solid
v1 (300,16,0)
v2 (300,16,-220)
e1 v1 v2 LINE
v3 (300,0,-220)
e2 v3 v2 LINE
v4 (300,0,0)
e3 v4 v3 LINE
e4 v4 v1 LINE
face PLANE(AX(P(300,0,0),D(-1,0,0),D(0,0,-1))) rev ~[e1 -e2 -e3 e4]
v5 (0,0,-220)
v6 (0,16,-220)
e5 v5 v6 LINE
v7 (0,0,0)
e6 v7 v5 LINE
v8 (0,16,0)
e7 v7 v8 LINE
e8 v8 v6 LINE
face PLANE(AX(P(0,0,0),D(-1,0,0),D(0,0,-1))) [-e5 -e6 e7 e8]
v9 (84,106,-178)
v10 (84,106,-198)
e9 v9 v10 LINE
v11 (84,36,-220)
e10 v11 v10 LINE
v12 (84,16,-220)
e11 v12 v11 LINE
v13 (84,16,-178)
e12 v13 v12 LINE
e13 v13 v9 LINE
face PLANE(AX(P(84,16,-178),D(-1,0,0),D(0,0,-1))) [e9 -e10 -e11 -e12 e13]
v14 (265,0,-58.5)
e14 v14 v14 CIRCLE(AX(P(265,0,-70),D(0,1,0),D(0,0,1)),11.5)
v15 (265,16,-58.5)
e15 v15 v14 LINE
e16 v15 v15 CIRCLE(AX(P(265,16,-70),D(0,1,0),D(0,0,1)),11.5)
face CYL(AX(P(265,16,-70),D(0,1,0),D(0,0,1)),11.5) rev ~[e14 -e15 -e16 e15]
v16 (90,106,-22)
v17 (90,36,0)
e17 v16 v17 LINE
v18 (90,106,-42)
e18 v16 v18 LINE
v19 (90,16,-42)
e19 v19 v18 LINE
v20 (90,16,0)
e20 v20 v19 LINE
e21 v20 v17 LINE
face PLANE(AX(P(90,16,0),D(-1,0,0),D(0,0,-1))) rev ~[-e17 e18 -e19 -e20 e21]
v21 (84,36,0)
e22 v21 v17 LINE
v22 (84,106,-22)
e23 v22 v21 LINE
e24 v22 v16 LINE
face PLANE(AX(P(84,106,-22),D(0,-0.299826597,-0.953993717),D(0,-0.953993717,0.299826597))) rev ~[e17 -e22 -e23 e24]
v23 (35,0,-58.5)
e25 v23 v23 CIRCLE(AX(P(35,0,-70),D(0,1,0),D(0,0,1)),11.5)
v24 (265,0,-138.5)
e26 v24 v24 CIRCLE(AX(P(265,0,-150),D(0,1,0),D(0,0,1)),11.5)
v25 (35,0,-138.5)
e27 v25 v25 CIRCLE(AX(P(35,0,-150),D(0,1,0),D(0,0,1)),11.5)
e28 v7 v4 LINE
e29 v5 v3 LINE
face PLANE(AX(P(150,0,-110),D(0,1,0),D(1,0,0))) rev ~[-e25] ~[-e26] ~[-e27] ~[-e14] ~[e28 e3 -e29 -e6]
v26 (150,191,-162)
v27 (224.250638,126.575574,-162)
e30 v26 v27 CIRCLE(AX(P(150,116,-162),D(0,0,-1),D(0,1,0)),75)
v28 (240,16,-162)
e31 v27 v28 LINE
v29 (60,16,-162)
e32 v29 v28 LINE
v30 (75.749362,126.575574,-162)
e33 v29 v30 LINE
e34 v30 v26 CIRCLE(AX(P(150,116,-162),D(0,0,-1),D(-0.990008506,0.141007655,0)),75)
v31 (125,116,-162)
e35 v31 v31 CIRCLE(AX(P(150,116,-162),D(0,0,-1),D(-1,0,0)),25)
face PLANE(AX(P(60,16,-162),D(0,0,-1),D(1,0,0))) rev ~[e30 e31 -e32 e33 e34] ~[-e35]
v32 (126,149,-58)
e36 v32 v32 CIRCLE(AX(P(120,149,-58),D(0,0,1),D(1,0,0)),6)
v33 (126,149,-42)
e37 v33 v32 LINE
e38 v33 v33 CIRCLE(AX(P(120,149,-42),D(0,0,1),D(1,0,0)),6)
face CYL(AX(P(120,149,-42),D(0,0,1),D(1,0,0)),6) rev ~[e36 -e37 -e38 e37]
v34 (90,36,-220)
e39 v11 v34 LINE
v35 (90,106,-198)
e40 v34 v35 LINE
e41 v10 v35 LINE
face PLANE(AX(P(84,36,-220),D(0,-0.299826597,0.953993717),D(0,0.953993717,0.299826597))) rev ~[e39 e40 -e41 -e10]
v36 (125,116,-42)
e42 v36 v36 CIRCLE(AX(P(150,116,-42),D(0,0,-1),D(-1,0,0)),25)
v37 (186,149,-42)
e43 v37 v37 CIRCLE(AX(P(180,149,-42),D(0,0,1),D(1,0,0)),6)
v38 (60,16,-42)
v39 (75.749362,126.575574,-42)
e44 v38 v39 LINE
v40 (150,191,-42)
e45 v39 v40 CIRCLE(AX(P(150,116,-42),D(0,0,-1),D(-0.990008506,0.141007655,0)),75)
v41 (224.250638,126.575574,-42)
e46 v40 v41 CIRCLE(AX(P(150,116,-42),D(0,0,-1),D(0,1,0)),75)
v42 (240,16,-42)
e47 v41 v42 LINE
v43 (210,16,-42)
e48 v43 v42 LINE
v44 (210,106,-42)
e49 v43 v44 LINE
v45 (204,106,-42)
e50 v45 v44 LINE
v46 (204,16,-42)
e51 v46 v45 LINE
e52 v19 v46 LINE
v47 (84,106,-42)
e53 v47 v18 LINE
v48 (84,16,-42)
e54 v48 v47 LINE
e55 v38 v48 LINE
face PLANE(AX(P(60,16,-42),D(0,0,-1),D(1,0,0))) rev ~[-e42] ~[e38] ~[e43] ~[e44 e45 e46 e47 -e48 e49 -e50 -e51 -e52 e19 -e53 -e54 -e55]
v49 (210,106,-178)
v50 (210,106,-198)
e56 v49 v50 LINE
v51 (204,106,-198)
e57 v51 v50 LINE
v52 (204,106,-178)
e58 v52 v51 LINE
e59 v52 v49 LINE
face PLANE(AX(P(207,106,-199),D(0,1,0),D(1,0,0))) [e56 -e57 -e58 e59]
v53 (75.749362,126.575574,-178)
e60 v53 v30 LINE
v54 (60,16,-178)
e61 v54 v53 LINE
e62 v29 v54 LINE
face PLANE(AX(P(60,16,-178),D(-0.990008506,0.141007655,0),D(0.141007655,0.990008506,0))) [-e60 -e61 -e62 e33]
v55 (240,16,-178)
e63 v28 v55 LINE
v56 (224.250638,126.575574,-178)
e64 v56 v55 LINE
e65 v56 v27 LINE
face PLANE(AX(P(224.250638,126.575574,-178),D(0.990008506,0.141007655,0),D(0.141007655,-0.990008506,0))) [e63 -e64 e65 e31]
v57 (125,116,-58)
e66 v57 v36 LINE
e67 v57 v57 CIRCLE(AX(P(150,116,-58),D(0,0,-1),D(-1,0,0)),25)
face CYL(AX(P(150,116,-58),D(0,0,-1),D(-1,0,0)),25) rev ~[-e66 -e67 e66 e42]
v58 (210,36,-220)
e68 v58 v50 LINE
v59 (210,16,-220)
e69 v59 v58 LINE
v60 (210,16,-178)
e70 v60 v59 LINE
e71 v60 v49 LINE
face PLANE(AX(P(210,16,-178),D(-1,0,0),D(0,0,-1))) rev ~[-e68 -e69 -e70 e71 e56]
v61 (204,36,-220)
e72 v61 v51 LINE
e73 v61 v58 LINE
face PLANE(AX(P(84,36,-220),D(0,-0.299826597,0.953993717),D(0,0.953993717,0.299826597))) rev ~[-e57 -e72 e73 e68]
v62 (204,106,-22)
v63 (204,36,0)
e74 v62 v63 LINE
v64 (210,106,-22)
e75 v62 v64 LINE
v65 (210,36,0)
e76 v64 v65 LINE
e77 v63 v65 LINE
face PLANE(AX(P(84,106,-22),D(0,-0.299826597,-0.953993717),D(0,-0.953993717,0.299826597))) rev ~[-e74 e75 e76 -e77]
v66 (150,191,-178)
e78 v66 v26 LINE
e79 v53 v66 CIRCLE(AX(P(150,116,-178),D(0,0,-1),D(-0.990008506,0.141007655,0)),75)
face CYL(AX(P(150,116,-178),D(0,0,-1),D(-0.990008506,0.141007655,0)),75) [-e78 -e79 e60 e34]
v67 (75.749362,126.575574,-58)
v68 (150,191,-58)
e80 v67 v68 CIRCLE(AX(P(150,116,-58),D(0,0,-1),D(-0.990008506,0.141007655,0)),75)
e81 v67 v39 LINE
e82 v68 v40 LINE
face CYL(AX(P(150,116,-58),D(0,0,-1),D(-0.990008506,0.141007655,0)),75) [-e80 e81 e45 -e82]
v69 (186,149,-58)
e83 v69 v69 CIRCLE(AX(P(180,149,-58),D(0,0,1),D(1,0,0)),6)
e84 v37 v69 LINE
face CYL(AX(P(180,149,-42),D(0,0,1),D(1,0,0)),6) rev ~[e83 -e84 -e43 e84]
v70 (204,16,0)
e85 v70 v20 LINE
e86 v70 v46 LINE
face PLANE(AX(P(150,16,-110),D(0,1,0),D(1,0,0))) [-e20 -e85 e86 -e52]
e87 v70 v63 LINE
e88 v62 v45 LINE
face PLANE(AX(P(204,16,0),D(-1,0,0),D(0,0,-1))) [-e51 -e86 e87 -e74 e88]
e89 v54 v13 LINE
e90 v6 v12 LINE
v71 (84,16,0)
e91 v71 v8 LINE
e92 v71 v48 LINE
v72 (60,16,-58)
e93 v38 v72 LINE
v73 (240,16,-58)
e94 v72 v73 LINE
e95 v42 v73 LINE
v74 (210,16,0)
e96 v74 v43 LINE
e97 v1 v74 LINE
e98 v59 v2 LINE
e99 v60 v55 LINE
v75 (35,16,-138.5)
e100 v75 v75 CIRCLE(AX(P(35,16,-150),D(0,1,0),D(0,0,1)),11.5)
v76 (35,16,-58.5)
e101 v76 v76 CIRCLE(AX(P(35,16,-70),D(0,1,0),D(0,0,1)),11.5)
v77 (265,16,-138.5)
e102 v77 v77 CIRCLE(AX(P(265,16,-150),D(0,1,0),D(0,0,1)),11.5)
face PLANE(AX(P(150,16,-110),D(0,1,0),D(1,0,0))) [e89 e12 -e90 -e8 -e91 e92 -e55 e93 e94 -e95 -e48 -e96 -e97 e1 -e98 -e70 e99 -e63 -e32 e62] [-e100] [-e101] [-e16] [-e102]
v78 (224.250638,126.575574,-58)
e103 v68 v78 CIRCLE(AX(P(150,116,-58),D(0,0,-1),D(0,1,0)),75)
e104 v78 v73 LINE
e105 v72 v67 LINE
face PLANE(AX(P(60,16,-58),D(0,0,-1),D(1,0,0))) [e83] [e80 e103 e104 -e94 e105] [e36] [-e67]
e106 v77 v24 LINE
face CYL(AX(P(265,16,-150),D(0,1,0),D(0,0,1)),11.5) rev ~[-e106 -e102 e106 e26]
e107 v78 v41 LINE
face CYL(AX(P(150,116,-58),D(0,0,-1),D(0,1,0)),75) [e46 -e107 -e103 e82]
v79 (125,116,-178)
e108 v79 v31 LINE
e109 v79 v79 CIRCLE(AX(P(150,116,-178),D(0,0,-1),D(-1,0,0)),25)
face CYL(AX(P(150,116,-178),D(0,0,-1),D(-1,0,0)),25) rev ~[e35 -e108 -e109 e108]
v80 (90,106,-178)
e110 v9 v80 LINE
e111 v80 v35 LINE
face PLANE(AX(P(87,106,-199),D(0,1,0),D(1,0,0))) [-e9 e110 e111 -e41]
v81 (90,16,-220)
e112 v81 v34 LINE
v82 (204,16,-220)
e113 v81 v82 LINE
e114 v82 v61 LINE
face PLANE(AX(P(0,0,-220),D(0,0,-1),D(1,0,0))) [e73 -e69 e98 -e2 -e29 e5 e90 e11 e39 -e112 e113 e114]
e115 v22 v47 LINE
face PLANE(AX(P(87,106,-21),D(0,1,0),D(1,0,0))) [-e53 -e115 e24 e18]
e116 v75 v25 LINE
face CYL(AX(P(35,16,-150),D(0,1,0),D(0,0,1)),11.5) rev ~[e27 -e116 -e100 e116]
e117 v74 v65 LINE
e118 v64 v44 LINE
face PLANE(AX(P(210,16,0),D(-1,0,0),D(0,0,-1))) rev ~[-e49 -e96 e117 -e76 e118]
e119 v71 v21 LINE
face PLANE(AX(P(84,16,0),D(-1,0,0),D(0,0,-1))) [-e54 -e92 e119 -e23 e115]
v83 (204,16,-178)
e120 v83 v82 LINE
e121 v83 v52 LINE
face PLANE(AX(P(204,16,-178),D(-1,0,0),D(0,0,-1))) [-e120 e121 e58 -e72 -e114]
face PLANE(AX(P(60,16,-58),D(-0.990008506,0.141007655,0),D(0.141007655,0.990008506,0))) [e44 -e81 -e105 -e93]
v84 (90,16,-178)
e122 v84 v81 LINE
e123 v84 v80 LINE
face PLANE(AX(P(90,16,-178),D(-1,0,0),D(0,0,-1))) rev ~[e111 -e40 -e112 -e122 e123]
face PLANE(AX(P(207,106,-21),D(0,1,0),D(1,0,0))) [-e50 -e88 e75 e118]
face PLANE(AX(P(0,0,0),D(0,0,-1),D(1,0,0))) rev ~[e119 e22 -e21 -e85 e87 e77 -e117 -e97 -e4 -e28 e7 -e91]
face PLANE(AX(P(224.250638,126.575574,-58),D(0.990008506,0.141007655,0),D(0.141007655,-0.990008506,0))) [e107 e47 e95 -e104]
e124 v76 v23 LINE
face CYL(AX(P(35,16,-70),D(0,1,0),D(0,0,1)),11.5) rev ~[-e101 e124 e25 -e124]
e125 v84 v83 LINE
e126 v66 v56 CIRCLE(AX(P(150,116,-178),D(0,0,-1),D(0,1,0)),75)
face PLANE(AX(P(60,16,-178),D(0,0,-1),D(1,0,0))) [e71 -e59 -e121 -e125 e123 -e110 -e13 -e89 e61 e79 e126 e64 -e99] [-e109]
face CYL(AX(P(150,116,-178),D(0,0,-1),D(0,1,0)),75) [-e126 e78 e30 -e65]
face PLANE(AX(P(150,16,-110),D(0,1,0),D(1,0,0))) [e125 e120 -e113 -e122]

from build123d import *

# Parameters (mm, degrees)
SKETCH_1_W                  = 300
SKETCH_1_H                  = 220
EXTRUDE_1_DEPTH             = 16
SKETCH_2_R                  = 11.5
CUT_EXTRUDE_1_DEPTH         = 373.365411928
PATTERN_LINEAR_1_COUNT      = 2
PATTERN_LINEAR_1_PITCH      = 230
PATTERN_LINEAR_1_COUNT_DIR2 = 2
PATTERN_LINEAR_1_PITCH_DIR2 = 80
SKETCH_3_W                  = 180
SKETCH_3_H                  = 16
EXTRUDE_2_DEPTH             = 175
CUT_EXTRUDE_2_DEPTH         = 398.699635403
CUT_EXTRUDE_3_DEPTH         = 398.699635403
SKETCH_8_R                  = 25
CUT_EXTRUDE_4_DEPTH         = 398.699635403
PATTERN_LINEAR_3_COUNT      = 2
PATTERN_LINEAR_3_PITCH      = 120
SKETCH_9_R                  = 6
CUT_EXTRUDE_5_DEPTH         = 16
PATTERN_LINEAR_4_COUNT      = 2
PATTERN_LINEAR_4_PITCH      = 60
SKETCH_10_W                 = 6
SKETCH_10_H                 = 42
EXTRUDE_3_DEPTH             = 90
PATTERN_LINEAR_5_COUNT      = 2
PATTERN_LINEAR_5_PITCH      = 120
PATTERN_LINEAR_5_COUNT_DIR2 = 2
PATTERN_LINEAR_5_PITCH_DIR2 = 178
CUT_EXTRUDE_6_DEPTH         = 363.680299989


with BuildPart() as part:
    # 草图1 → 凸台-拉伸1 (new body)
    with BuildSketch(Plane(origin=(0, 0, 0), x_dir=(1, 0, 0), z_dir=(0, 1, 0))):
        with Locations((150, 110)):
            Rectangle(SKETCH_1_W, SKETCH_1_H)
    extrude(amount=EXTRUDE_1_DEPTH)

    # 草图2 → 切除-拉伸1 (cut, through all)
    with BuildSketch(Plane(origin=(0, 16, 0), x_dir=(1, 0, 0), z_dir=(0, 1, 0))):
        with Locations(Location((35, 150, 0), (0, 0, 270))):
            Circle(SKETCH_2_R)
    cut_extrude_1 = extrude(amount=-CUT_EXTRUDE_1_DEPTH, mode=Mode.SUBTRACT)

    # 阵列(线性)1: Cut-Extrude 1 2 × 2
    with Locations(*[(i * PATTERN_LINEAR_1_PITCH, 0, j * PATTERN_LINEAR_1_PITCH_DIR2) for i in range(PATTERN_LINEAR_1_COUNT) for j in range(PATTERN_LINEAR_1_COUNT_DIR2) if (i, j) != (0, 0)]):
        add(cut_extrude_1, mode=Mode.SUBTRACT)

    # 草图3 → 凸台-拉伸2 (add)
    with BuildSketch(Plane(origin=(0, 16, 0), x_dir=(1, 0, 0), z_dir=(0, 1, 0))):
        with Locations((150, 170)):
            Rectangle(SKETCH_3_W, SKETCH_3_H)
    extrude_2 = extrude(amount=EXTRUDE_2_DEPTH)

    # 草图5 → 切除-拉伸2 (cut, through all)
    with BuildSketch(Plane(origin=(0, 0, -178), x_dir=(-1, 0, 0), z_dir=(0, 0, -1))):
        with BuildLine():
            Line((-60, 16), (-75.749362078, 126.57557413))
            ThreePointArc((-75.749362078, 126.57557413), (-100.848031879, 172.648777832), (-150, 191))
            Line((-150, 191), (-60, 191))
            Line((-60, 191), (-60, 16))
        make_face()
    cut_extrude_2 = extrude(amount=-CUT_EXTRUDE_2_DEPTH, mode=Mode.SUBTRACT)

    # 草图7 → 切除-拉伸3 (cut, through all)
    with BuildSketch(Plane(origin=(0, 0, -178), x_dir=(-1, 0, 0), z_dir=(0, 0, -1))):
        with BuildLine():
            Line((-224.250637922, 126.57557413), (-240, 16))
            Line((-240, 16), (-240, 191))
            Line((-240, 191), (-150, 191))
            ThreePointArc((-150, 191), (-199.151968121, 172.648777832), (-224.250637922, 126.57557413))
        make_face()
    cut_extrude_3 = extrude(amount=-CUT_EXTRUDE_3_DEPTH, mode=Mode.SUBTRACT)

    # 草图8 → 切除-拉伸4 (cut, through all)
    with BuildSketch(Plane(origin=(0, 0, -178), x_dir=(-1, 0, 0), z_dir=(0, 0, -1))):
        with Locations((-150, 116)):
            Circle(SKETCH_8_R)
    cut_extrude_4 = extrude(amount=-CUT_EXTRUDE_4_DEPTH, mode=Mode.SUBTRACT)

    # 阵列(线性)3: 凸台-拉伸2, 切除-拉伸2, 切除-拉伸3, 切除-拉伸4 ×2
    with Locations(*[(0, 0, i * PATTERN_LINEAR_3_PITCH) for i in range(1, PATTERN_LINEAR_3_COUNT)]):
        add(extrude_2)
        add(cut_extrude_2, mode=Mode.SUBTRACT)
        add(cut_extrude_3, mode=Mode.SUBTRACT)
        add(cut_extrude_4, mode=Mode.SUBTRACT)

    # 草图9 → 切除-拉伸5 (cut)
    with BuildSketch(Plane.XY.offset(-42)):
        with Locations((120, 149)):
            Circle(SKETCH_9_R)
    cut_extrude_5 = extrude(amount=-CUT_EXTRUDE_5_DEPTH, mode=Mode.SUBTRACT)

    # 阵列(线性)4: 切除-拉伸5 ×2
    with Locations(*[(i * PATTERN_LINEAR_4_PITCH, 0, 0) for i in range(1, PATTERN_LINEAR_4_COUNT)]):
        add(cut_extrude_5, mode=Mode.SUBTRACT)

    # 草图10 → 凸台-拉伸3 (add)
    with BuildSketch(Plane(origin=(0, 16, 0), x_dir=(1, 0, 0), z_dir=(0, 1, 0))):
        with Locations((87, 21)):
            Rectangle(SKETCH_10_W, SKETCH_10_H)
    extrude_3 = extrude(amount=EXTRUDE_3_DEPTH)

    # 阵列(线性)5: Extrude 3 2 × 2
    with Locations(*[(i * PATTERN_LINEAR_5_PITCH, 0, -j * PATTERN_LINEAR_5_PITCH_DIR2) for i in range(PATTERN_LINEAR_5_COUNT) for j in range(PATTERN_LINEAR_5_COUNT_DIR2) if (i, j) != (0, 0)]):
        add(extrude_3)

    # 草图11 → 切除-拉伸6 (cut, through all)
    with BuildSketch(Plane.ZY.offset(-84)):
        Polygon((0, 106), (-22, 106), (0, 36), align=None)
        Polygon((-220, 106), (-220, 36), (-198, 106), align=None)
    extrude(amount=-CUT_EXTRUDE_6_DEPTH, mode=Mode.SUBTRACT)


solid = part.part
